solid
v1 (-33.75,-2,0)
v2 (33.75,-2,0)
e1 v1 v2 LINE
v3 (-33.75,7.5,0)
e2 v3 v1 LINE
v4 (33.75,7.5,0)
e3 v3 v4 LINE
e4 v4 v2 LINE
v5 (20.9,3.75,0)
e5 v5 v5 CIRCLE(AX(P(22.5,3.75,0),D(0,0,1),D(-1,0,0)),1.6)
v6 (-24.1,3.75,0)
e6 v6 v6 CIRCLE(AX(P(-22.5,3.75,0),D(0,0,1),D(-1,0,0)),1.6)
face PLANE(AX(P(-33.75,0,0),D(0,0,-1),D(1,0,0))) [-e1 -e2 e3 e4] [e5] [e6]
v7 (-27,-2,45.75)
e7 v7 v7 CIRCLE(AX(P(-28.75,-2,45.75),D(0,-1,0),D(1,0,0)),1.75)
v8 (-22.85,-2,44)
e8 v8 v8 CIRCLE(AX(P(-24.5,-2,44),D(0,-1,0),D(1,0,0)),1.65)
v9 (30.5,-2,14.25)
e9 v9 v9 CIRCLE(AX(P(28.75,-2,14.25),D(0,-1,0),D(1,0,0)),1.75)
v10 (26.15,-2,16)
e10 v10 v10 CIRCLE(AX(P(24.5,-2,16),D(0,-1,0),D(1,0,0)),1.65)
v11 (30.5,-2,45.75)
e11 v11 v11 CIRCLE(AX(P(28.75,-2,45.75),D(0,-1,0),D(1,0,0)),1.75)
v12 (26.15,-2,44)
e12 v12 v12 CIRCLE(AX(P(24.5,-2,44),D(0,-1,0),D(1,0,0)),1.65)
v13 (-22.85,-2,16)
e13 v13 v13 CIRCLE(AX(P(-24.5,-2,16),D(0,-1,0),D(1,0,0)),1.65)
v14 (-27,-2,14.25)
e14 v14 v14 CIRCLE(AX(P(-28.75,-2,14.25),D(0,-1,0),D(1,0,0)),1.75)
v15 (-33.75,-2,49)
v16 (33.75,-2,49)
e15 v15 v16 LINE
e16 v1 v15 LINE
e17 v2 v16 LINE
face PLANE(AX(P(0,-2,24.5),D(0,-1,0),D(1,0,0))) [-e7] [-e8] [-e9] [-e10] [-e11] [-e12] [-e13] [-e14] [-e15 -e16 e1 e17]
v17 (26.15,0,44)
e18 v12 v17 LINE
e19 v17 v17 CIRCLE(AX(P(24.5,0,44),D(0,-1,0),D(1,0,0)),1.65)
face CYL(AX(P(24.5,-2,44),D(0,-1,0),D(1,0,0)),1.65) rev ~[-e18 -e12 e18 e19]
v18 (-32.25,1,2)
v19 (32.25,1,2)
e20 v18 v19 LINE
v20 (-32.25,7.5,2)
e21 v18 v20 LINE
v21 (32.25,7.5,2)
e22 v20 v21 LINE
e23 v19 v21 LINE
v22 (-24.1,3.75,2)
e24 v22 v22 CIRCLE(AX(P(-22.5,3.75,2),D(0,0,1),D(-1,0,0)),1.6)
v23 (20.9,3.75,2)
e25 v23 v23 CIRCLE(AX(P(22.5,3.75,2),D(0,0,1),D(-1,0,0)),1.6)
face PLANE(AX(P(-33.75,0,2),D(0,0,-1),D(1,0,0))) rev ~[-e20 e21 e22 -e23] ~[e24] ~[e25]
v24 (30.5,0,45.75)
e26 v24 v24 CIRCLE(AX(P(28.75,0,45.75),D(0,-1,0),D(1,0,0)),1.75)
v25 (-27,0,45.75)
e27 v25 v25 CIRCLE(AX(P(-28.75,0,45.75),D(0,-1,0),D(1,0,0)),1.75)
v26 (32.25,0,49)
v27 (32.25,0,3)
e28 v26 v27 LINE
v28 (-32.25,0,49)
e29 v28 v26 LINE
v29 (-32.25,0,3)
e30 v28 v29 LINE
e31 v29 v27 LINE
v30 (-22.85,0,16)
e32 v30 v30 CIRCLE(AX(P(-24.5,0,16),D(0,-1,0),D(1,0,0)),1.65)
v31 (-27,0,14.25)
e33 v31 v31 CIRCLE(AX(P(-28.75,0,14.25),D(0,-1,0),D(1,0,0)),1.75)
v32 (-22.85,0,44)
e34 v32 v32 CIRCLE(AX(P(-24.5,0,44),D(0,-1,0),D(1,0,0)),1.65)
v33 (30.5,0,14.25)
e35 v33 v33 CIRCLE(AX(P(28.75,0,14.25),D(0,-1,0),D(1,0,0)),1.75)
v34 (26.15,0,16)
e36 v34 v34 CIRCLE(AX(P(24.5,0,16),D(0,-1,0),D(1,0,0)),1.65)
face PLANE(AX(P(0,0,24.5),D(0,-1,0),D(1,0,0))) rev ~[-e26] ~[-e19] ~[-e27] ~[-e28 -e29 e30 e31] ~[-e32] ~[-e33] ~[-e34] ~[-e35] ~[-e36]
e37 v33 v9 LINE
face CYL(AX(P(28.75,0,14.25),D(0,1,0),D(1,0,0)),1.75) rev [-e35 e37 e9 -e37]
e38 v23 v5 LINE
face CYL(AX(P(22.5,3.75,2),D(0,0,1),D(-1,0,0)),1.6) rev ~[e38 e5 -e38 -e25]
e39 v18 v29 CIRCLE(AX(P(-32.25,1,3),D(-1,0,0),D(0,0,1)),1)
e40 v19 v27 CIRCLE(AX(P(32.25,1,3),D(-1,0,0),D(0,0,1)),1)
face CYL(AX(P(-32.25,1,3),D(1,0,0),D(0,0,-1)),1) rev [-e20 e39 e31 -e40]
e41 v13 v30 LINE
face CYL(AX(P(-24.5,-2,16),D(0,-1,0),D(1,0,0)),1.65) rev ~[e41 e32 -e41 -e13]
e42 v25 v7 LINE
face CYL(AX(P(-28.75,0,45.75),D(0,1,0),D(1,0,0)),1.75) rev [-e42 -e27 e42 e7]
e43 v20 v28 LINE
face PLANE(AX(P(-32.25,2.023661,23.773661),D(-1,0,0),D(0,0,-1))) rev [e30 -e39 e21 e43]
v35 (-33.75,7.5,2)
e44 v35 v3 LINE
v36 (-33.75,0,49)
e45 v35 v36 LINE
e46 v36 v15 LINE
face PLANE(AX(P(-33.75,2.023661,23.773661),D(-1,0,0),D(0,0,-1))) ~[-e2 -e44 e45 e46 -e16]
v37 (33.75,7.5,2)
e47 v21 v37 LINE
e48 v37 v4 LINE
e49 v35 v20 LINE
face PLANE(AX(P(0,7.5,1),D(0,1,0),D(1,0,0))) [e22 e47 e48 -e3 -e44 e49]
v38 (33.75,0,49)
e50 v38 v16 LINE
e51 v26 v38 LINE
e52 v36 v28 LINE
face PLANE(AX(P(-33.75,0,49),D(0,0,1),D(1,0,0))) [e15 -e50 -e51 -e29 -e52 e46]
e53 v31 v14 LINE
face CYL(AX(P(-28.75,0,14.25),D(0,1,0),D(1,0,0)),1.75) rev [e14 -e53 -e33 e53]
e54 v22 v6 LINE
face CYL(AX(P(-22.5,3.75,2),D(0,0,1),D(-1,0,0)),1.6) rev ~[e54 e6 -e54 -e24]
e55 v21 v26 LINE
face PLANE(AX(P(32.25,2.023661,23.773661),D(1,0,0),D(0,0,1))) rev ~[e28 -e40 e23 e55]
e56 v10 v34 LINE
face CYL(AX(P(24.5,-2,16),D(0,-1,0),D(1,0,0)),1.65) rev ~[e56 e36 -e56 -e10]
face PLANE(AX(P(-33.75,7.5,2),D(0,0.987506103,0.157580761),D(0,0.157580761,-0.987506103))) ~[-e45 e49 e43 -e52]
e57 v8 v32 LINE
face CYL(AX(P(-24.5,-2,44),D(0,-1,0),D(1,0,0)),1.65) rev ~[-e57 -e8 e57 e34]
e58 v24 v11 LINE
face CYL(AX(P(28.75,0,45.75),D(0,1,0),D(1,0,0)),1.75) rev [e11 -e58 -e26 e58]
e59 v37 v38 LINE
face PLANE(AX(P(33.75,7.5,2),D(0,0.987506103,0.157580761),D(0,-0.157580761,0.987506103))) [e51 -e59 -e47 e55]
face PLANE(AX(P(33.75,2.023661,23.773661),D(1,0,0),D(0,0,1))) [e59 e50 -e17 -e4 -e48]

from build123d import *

# Parameters (mm, degrees)
SKETCH_W        = 67.5
SKETCH_H        = 49
SKETCH_R        = 1.75
PAD_DEPTH       = 2
SKETCH001_W     = 67.5
SKETCH001_H     = 2
PAD001_DEPTH    = 7.5
PAD002_DEPTH    = 1.5
SKETCH003_R     = 1.6
POCKET_DEPTH    = 2.001
FILLET_R        = 1
SKETCH004_R     = 1.65
POCKET001_DEPTH = 9.501


with BuildPart() as part:
    # Sketch → Pad (new body)
    with BuildSketch(Plane.XZ):
        with Locations((0, 24.5)):
            Rectangle(SKETCH_W, SKETCH_H)
        with Locations((-28.75, 45.75)):
            Circle(SKETCH_R, mode=Mode.SUBTRACT)
        with Locations((-28.75, 14.25)):
            Circle(SKETCH_R, mode=Mode.SUBTRACT)
        with Locations((28.75, 45.75)):
            Circle(SKETCH_R, mode=Mode.SUBTRACT)
        with Locations((28.75, 14.25)):
            Circle(SKETCH_R, mode=Mode.SUBTRACT)
    extrude(amount=PAD_DEPTH)

    # Sketch001 (on Face9 of Pad) → Pad001 (join)
    with BuildSketch(Plane(origin=(0, 0, 0), x_dir=(1, 0, 0), z_dir=(0, 1, 0))):
        with Locations((0, -1)):
            Rectangle(SKETCH001_W, SKETCH001_H)
    extrude(amount=PAD001_DEPTH)

    # Sketch002 (on Face12 of Pad001) → Pad002 (join)
    with BuildSketch(Plane(origin=(33.75, 0, 0), x_dir=(0, 0, 1), z_dir=(1, 0, 0))):
        Polygon((2, 0), (2, -7.5), (49, 0), align=None)
    pad002 = extrude(amount=-PAD002_DEPTH)

    # Mirrored: Pad002 across YZ
    add(pad002.mirror(Plane.YZ))

    # Sketch003 (on Face13 of Mirrored) → Pocket (cut, through all)
    with BuildSketch(Plane(origin=(0, 0, 2), x_dir=(-1, 0, 0), z_dir=(0, 0, 1))):
        with Locations((-22.5, -3.75)):
            Circle(SKETCH003_R)
        with Locations((22.5, -3.75)):
            Circle(SKETCH003_R)
    extrude(amount=-POCKET_DEPTH, mode=Mode.SUBTRACT)

    # Fillet
    fillet_edges = [part.edges().sort_by_distance(p)[0] for p in [
        (0, 0, 2),
    ]]
    fillet(fillet_edges, radius=FILLET_R)

    # Sketch004 (on Face15 of Fillet) → Pocket001 (cut, through all)
    with BuildSketch(Plane.XZ.offset(2)):
        with Locations((-24.5, 44)):
            Circle(SKETCH004_R)
        with Locations((24.5, 44)):
            Circle(SKETCH004_R)
        with Locations((24.5, 16)):
            Circle(SKETCH004_R)
        with Locations((-24.5, 16)):
            Circle(SKETCH004_R)
    extrude(amount=-POCKET001_DEPTH, mode=Mode.SUBTRACT)


solid = part.part
